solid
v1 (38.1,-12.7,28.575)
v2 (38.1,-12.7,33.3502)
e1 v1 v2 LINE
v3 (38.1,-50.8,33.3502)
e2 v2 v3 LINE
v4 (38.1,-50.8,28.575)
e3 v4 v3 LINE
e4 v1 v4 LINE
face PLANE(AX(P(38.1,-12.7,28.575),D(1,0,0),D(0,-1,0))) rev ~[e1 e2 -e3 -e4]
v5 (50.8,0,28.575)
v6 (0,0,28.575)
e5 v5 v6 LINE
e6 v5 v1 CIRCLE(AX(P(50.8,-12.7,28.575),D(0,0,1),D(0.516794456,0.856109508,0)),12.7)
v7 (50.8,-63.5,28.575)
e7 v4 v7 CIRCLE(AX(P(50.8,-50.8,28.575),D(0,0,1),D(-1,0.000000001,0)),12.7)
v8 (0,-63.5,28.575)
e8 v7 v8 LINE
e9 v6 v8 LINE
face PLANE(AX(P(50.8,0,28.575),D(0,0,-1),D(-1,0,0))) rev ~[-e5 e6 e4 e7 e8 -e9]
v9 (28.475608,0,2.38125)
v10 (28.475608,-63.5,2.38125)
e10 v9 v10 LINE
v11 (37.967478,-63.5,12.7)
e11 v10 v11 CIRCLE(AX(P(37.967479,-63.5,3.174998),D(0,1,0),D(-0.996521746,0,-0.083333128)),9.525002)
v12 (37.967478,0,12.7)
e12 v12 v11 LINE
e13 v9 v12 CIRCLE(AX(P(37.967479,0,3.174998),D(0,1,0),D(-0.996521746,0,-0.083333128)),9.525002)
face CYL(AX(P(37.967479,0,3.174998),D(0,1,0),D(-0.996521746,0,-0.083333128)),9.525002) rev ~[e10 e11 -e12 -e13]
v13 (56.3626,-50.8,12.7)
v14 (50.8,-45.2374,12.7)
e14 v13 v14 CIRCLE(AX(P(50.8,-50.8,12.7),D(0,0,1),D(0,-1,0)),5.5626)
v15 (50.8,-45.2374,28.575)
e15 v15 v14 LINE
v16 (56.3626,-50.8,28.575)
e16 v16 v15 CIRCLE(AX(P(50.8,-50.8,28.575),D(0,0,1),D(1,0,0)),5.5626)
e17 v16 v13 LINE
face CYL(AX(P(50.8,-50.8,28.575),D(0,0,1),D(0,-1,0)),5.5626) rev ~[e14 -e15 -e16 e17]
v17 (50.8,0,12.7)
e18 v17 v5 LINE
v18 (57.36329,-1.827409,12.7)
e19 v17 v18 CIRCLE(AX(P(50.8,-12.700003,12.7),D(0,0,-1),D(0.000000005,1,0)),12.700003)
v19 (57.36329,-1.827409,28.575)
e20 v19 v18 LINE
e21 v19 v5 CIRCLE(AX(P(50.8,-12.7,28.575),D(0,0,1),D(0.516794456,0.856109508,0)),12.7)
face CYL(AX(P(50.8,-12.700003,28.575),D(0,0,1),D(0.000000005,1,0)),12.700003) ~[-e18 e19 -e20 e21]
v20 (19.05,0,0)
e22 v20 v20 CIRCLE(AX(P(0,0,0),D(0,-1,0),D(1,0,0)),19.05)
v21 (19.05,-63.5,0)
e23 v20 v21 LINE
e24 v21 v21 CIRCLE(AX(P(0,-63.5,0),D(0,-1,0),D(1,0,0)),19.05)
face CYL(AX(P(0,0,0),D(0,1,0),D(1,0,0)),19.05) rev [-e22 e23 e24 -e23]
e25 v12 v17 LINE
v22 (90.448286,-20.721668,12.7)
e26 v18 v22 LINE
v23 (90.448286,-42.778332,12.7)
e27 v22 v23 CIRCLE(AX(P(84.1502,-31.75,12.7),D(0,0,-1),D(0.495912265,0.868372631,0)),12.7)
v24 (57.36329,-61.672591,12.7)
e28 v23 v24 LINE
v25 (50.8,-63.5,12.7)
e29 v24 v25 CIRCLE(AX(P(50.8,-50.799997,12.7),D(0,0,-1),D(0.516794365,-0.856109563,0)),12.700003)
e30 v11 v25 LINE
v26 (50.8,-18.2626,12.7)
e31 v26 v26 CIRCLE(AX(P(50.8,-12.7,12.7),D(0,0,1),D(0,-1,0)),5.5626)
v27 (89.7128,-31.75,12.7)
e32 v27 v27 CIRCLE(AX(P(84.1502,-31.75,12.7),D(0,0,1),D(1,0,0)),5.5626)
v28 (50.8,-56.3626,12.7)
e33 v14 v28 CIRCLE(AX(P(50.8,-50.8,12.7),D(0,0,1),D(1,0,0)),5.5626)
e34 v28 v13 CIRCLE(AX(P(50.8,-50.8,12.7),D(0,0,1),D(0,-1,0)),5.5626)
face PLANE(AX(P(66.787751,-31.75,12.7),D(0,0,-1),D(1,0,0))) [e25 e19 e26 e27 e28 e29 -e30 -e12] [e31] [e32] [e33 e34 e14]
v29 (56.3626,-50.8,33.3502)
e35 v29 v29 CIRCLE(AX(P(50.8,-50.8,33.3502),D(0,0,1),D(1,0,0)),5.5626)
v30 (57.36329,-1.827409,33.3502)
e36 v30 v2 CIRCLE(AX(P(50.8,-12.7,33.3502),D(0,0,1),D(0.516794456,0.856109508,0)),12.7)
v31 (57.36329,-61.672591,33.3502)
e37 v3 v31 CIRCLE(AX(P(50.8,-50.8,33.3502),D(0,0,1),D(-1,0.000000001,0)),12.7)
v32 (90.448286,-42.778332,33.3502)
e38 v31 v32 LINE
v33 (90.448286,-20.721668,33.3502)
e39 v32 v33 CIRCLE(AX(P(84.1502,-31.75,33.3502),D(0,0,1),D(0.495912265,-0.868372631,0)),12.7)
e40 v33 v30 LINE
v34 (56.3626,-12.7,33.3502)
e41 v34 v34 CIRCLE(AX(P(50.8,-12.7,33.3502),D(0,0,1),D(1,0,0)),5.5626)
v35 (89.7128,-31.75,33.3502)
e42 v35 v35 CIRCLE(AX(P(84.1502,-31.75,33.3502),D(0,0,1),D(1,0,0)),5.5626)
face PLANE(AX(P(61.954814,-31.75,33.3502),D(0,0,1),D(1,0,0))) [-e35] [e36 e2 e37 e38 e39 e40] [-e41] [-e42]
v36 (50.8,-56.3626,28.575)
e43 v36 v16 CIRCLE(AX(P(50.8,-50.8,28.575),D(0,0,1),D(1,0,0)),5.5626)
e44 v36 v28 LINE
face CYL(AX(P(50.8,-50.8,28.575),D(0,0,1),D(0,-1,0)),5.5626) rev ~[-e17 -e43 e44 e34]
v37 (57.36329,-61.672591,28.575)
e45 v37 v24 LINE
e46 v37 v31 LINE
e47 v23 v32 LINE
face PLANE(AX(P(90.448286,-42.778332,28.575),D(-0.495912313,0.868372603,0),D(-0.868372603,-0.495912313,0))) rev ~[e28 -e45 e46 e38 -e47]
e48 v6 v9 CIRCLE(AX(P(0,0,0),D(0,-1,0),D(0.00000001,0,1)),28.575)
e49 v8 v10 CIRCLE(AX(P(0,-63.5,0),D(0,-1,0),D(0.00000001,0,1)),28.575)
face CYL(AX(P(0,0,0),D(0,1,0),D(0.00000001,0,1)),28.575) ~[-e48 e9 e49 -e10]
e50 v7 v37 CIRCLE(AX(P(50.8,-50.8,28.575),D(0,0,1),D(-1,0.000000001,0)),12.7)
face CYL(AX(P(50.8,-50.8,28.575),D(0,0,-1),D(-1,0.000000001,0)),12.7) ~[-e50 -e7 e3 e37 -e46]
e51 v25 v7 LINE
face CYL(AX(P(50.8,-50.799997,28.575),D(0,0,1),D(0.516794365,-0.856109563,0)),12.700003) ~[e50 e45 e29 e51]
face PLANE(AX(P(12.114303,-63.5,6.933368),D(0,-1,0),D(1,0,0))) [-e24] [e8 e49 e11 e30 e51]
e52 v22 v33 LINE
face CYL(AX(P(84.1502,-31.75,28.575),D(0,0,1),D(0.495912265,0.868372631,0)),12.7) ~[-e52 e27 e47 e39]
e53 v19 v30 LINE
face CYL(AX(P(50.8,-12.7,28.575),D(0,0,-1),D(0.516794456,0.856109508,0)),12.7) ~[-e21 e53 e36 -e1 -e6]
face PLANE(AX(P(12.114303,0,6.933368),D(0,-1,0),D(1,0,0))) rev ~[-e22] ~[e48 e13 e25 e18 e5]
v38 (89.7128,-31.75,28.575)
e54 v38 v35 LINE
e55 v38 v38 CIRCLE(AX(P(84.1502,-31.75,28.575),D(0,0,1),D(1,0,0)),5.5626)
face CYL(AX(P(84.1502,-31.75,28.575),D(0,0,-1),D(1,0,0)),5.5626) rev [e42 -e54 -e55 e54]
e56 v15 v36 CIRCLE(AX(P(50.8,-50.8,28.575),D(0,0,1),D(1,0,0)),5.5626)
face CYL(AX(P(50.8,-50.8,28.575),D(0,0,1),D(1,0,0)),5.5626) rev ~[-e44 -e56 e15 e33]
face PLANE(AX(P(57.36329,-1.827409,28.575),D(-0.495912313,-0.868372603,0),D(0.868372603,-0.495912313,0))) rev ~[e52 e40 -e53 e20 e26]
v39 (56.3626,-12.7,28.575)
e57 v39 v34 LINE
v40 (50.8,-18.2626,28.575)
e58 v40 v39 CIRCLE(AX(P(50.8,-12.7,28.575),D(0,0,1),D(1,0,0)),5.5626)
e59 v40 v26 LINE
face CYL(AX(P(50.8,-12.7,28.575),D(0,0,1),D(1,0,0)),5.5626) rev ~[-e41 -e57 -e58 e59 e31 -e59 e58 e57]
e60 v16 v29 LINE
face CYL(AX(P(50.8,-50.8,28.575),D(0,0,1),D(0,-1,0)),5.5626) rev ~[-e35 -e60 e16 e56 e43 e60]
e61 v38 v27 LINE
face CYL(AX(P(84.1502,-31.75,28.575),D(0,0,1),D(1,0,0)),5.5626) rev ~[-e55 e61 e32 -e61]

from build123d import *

# Parameters (mm, degrees)
F0_R     = 19.05
F1_DEPTH = 63.5
F2_R     = 5.5626
F3_DEPTH = 4.7752
F6_DEPTH = 15.875
F7_R     = 5.5626
F8_DEPTH = 57.151


with BuildPart() as f1:
    # F0 (on Front) → F1 (new body)
    with BuildSketch(Plane.XZ):
        with BuildLine():
            Line((37.967478, 12.7), (50.8, 12.7))
            Line((50.8, 12.7), (50.8, 28.575))
            Line((50.8, 28.575), (0, 28.575))
            ThreePointArc((0, 28.575), (-19.345366, -21.030631), (28.475608, 2.38125))
            ThreePointArc((28.475608, 2.38125), (30.957268, 9.623455), (37.967478, 12.7))
        make_face()
        Circle(F0_R, mode=Mode.SUBTRACT)
    extrude(amount=F1_DEPTH)

    # F2 (on face) → F3 (join)
    with BuildSketch(Plane.XY.offset(28.575)):
        with BuildLine():
            ThreePointArc((57.36329, -1.827409), (44.557556, -1.640077), (38.1, -12.7))
            Line((38.1, -12.7), (38.1, -50.8))
            ThreePointArc((38.1, -50.8), (44.557556, -61.859923), (57.36329, -61.672591))
            Line((57.36329, -61.672591), (90.448286, -42.778332))
            ThreePointArc((90.448286, -42.778332), (96.8502, -31.75), (90.448286, -20.721668))
            Line((90.448286, -20.721668), (57.36329, -1.827409))
        make_face()
        with Locations((50.8, -50.8)):
            Circle(F2_R, mode=Mode.SUBTRACT)
        with Locations((50.8, -12.7)):
            Circle(F2_R, mode=Mode.SUBTRACT)
        with Locations((84.1502, -31.75)):
            Circle(F2_R, mode=Mode.SUBTRACT)
    extrude(amount=F3_DEPTH)

    # F5 (on face) + F4 (on face) → F6 (join)
    with BuildSketch(Plane(origin=(0, 0, 28.575), x_dir=(1, 0, 0), z_dir=(0, 0, -1))):
        with BuildLine():
            Line((90.448286, 42.778332), (57.36329, 61.672591))
            ThreePointArc((57.36329, 61.672591), (54.206472, 63.034621), (50.8, 63.5))
            Line((50.8, 63.5), (50.8, 56.3626))
            ThreePointArc((50.8, 56.3626), (56.3626, 50.8), (50.8, 45.2374))
            Line((50.8, 45.2374), (50.8, 18.2626))
            ThreePointArc((50.8, 18.2626), (56.3626, 12.7), (50.8, 7.1374))
            Line((50.8, 7.1374), (50.8, 0))
            ThreePointArc((50.8, 0), (54.206472, 0.465379), (57.36329, 1.827409))
            Line((57.36329, 1.827409), (90.448286, 20.721668))
            ThreePointArc((90.448286, 20.721668), (96.8502, 31.75), (90.448286, 42.778332))
        make_face()
    with BuildSketch(Plane(origin=(0, 0, 28.575), x_dir=(1, 0, 0), z_dir=(0, 0, -1))):
        with BuildLine():
            Line((90.448286, 42.778332), (57.36329, 61.672591))
            ThreePointArc((57.36329, 61.672591), (54.206472, 63.034621), (50.8, 63.5))
            Line((50.8, 63.5), (50.8, 56.3626))
            ThreePointArc((50.8, 56.3626), (56.3626, 50.8), (50.8, 45.2374))
            Line((50.8, 45.2374), (50.8, 18.2626))
            ThreePointArc((50.8, 18.2626), (56.3626, 12.7), (50.8, 7.1374))
            Line((50.8, 7.1374), (50.8, 0))
            ThreePointArc((50.8, 0), (54.206472, 0.465379), (57.36329, 1.827409))
            Line((57.36329, 1.827409), (90.448286, 20.721668))
            ThreePointArc((90.448286, 20.721668), (96.8502, 31.75), (90.448286, 42.778332))
        make_face()
    extrude(amount=F6_DEPTH)

    # F7 (on face) → F8 (cut, through all)
    with BuildSketch(Plane.XY.offset(28.575)):
        with Locations((50.8, -50.8)):
            Circle(F7_R)
        with Locations((50.8, -12.7)):
            Circle(F7_R)
        with Locations((84.1502, -31.75)):
            Circle(F7_R)
    extrude(amount=-F8_DEPTH, mode=Mode.SUBTRACT)


solid = f1.part
